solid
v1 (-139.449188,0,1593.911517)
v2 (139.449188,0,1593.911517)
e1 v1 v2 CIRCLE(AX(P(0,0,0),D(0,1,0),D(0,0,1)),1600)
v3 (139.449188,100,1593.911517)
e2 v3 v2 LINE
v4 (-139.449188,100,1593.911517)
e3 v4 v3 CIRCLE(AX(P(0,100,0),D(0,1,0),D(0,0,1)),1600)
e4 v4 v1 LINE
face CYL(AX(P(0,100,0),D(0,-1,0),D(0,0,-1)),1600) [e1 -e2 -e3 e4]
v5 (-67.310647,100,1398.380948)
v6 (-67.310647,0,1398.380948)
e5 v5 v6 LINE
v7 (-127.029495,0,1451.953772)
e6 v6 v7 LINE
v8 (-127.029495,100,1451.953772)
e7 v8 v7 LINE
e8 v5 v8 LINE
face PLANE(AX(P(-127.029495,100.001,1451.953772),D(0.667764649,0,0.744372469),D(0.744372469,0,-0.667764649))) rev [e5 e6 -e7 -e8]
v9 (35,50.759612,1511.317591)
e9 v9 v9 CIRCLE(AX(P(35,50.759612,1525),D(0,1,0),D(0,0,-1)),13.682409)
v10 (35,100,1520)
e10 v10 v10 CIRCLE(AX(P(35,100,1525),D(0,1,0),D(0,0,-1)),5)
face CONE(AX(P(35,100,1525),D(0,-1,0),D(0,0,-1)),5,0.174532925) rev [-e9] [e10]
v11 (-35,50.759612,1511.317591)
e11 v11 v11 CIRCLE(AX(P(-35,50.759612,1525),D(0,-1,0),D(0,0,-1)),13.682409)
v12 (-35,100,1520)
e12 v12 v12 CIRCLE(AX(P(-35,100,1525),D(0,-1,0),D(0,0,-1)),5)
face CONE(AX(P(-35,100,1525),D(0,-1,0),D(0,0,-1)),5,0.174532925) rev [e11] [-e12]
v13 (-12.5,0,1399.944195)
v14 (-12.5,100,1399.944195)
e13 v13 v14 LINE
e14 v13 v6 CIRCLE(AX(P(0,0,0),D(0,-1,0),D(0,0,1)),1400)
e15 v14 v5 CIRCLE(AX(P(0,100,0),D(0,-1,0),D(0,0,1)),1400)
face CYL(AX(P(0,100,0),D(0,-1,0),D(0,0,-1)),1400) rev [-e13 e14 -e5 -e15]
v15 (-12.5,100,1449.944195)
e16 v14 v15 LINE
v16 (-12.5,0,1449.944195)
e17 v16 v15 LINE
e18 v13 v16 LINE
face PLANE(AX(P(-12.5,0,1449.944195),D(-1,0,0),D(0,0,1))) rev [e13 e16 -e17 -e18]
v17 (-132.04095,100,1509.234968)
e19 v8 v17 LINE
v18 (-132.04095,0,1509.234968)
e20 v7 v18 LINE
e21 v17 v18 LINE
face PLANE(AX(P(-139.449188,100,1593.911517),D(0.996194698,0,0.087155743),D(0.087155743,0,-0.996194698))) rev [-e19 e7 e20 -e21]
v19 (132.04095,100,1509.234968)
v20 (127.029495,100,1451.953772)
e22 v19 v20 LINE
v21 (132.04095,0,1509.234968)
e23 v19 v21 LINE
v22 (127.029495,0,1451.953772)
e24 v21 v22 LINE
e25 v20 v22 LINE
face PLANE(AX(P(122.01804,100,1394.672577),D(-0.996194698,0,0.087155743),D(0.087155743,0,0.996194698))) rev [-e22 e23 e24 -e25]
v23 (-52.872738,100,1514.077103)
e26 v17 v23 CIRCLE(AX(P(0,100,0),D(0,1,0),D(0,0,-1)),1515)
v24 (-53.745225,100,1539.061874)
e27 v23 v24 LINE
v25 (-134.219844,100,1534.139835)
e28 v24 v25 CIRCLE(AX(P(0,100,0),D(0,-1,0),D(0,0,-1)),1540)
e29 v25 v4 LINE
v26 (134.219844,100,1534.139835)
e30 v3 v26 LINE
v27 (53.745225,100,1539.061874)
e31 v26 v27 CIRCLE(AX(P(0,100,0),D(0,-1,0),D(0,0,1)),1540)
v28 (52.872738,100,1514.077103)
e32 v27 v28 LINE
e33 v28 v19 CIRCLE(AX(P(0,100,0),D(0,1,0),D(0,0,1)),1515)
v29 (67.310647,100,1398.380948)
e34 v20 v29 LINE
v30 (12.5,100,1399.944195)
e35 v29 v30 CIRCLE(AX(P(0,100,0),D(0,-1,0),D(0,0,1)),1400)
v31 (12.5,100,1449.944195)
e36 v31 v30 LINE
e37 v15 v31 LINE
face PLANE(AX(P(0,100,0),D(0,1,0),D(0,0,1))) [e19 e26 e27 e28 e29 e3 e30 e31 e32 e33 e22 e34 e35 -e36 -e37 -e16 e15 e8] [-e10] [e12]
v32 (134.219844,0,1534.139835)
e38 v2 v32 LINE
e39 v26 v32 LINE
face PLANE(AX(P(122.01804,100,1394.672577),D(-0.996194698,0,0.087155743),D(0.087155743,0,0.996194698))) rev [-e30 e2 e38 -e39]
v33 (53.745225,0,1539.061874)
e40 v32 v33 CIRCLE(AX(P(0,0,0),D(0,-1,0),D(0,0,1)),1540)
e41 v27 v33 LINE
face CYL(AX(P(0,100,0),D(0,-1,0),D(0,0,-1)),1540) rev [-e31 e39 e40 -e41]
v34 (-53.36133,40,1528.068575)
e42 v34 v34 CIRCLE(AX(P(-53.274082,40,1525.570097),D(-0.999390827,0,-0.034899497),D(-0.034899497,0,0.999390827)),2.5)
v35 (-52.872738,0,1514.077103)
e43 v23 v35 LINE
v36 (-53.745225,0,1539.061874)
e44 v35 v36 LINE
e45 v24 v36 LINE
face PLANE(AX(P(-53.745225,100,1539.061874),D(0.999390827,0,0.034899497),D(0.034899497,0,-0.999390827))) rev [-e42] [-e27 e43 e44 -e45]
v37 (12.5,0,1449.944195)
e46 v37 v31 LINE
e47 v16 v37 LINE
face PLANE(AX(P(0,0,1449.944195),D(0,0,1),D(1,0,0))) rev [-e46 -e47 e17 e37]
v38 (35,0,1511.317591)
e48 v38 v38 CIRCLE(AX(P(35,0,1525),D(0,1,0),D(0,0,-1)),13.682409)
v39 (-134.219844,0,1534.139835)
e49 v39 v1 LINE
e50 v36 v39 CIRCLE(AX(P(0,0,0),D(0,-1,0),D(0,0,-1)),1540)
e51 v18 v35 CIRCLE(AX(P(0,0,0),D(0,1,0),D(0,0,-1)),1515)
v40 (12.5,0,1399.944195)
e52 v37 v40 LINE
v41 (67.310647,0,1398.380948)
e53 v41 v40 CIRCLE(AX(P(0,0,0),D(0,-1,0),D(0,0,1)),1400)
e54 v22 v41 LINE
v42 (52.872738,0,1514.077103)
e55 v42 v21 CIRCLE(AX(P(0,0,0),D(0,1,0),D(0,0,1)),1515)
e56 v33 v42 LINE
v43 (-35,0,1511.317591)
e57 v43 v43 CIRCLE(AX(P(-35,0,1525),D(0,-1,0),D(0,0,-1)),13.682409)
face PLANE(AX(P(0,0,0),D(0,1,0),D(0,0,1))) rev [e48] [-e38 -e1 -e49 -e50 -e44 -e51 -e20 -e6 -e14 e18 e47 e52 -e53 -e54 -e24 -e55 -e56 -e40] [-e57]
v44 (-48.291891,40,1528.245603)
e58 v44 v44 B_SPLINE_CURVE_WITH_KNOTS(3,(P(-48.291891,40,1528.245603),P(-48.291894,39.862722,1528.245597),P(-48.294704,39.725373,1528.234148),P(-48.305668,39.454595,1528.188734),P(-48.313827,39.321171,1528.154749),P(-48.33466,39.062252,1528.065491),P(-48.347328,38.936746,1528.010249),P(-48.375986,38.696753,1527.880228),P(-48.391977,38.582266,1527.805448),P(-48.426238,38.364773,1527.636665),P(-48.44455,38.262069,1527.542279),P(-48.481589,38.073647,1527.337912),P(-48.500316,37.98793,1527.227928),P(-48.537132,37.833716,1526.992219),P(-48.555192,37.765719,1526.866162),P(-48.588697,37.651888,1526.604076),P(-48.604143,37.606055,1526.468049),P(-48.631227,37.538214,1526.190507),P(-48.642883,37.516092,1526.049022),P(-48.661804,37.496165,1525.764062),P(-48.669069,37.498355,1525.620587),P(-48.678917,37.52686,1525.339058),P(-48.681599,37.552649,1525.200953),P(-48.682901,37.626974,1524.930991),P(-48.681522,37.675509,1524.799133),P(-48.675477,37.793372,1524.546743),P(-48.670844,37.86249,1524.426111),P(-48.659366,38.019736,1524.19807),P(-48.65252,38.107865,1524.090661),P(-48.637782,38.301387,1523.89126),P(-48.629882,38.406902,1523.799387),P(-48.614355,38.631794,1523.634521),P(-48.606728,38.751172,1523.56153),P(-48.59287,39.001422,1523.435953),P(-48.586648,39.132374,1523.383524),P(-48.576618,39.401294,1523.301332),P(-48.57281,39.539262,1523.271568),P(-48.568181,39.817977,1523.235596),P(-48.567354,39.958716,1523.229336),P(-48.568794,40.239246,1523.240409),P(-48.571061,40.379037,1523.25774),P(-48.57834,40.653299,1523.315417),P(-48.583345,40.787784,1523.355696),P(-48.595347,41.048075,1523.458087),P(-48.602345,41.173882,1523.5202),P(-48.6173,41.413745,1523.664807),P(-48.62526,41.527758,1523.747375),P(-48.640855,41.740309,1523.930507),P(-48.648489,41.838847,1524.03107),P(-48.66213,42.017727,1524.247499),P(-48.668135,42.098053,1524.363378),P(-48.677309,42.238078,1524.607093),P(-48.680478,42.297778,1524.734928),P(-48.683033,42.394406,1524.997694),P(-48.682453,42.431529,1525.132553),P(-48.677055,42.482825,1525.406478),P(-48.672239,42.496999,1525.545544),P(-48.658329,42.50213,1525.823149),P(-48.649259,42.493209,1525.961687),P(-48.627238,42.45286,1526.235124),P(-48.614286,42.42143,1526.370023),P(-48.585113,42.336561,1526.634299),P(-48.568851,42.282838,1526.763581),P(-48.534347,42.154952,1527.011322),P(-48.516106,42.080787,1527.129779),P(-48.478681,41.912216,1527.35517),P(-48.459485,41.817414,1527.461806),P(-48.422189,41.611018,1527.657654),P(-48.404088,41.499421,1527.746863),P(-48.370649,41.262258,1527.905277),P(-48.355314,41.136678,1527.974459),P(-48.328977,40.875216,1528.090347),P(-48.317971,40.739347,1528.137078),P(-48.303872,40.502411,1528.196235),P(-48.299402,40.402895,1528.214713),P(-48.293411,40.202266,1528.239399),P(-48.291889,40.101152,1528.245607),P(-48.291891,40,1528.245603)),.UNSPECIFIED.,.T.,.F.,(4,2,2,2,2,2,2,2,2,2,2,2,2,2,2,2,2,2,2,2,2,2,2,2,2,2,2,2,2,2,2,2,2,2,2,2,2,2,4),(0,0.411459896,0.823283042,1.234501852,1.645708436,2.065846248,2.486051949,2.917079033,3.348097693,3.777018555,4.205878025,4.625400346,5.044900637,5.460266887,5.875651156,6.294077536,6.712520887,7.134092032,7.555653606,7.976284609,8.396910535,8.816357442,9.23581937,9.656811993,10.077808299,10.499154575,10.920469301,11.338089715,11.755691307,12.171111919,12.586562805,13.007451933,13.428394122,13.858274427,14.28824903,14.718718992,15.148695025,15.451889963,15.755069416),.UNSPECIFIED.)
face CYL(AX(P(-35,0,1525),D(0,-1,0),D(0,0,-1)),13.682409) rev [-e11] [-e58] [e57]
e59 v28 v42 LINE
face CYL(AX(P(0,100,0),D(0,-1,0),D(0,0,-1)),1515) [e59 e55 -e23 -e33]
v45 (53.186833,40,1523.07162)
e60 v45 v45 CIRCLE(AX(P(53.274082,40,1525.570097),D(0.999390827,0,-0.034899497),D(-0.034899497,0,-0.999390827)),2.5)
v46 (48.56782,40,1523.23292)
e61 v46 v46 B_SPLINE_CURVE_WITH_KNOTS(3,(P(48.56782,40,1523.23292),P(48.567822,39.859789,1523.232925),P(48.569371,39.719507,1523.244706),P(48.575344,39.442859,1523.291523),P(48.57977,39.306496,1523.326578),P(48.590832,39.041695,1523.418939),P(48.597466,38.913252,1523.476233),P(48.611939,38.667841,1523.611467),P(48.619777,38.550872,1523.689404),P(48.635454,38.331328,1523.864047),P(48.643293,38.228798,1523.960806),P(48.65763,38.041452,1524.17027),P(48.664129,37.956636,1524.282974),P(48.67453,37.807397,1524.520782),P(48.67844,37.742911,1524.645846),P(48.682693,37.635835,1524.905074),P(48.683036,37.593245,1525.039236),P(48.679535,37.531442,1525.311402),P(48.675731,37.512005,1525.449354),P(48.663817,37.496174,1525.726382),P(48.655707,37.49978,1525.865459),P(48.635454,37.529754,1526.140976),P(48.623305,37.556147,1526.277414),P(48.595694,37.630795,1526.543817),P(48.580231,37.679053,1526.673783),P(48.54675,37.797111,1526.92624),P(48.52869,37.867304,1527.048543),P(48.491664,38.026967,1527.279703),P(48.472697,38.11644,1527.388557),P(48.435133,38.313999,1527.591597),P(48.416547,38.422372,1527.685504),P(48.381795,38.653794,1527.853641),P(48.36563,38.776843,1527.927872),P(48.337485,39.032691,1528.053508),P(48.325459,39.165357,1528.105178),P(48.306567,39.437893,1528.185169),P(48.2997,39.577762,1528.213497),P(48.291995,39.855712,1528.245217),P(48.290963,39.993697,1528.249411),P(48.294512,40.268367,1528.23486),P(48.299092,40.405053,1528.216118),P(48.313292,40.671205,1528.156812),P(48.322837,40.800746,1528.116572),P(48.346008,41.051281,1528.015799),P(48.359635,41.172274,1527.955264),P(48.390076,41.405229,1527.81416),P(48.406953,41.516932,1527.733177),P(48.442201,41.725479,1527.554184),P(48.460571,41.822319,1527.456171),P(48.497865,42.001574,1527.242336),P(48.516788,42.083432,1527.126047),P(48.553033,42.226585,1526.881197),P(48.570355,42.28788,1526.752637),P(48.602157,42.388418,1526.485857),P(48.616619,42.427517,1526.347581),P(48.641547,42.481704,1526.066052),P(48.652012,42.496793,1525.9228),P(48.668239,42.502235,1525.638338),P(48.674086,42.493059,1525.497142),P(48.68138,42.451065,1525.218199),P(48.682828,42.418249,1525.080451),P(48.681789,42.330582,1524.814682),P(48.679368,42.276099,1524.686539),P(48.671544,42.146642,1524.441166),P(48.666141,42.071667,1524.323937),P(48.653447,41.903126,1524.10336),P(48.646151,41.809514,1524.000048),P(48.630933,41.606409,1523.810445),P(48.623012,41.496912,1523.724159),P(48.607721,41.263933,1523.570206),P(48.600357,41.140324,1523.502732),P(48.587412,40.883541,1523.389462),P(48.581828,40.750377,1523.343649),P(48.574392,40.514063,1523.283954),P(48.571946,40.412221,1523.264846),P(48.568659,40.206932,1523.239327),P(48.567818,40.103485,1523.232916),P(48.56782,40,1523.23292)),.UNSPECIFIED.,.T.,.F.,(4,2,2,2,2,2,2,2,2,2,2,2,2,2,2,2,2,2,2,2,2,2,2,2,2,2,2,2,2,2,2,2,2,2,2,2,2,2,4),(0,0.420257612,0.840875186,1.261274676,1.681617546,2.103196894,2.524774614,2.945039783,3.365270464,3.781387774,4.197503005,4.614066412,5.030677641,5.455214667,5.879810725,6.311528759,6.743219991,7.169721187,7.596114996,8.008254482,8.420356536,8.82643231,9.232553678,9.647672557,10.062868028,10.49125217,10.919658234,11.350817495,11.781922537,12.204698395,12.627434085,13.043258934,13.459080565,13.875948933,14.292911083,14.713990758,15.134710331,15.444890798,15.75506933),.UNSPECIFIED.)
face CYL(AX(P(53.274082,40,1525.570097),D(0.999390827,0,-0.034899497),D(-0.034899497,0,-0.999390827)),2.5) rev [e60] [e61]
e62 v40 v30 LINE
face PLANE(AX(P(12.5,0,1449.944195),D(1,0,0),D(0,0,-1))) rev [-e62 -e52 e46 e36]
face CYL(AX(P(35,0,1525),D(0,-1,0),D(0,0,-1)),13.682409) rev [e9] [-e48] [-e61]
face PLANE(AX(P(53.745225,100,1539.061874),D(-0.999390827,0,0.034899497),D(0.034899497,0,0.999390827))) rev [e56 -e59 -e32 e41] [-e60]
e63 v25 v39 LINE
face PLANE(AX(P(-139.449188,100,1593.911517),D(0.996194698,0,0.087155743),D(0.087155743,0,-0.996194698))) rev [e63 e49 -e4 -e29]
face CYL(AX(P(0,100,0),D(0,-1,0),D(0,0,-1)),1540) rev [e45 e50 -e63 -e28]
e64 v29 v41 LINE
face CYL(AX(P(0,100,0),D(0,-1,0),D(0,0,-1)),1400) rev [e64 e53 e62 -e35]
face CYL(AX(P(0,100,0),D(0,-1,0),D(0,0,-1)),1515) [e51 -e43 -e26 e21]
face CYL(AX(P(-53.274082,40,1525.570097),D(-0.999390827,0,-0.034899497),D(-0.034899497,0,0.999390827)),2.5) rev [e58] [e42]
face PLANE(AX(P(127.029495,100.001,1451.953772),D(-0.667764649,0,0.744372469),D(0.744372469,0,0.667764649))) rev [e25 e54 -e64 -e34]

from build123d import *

# Parameters (mm, degrees)
EXTRUDE_1_DEPTH         = 100
CUT_EXTRUDE_2_DEPTH     = 1610.175588972
CUT_EXTRUDE_7_DEPTH     = 1610.175588972
HOLE_WIZARD_M6_1_REACH  = 1611.176
HOLE_WIZARD_M6_1_BORE_R = 2.5
CUT_EXTRUDE_8_REACH     = 1611.176


with BuildPart() as part:
    # 草图3 → 凸台-拉伸1 (new body)
    with BuildSketch(Plane(origin=(0, 0, 0), x_dir=(1, 0, 0), z_dir=(0, 1, 0))):
        with BuildLine():
            Line((-139.449188396, -1593.911516947), (-122.018039847, -1394.672577328))
            ThreePointArc((-122.018039847, -1394.672577328), (0, -1400), (122.018039847, -1394.672577328))
            Line((122.018039847, -1394.672577328), (139.449188396, -1593.911516947))
            ThreePointArc((139.449188396, -1593.911516947), (0, -1600), (-139.449188396, -1593.911516947))
        make_face()
    extrude(amount=EXTRUDE_1_DEPTH)

    # 草图6 → 切除-拉伸2 (cut, through all)
    with BuildSketch(Plane(origin=(0, 100, 0), x_dir=(1, 0, 0), z_dir=(0, 1, 0))):
        Polygon((-12.5, -1399.944195316), (12.5, -1399.944195316), (12.5, -1449.944195316), (0, -1449.944195316), (-12.5, -1449.944195316), align=None)
    extrude(amount=-CUT_EXTRUDE_2_DEPTH, mode=Mode.SUBTRACT)

    # 草图8 → 切除-旋转1 (revolve, cut)
    with BuildSketch(Plane(origin=(-35, 0, 0), x_dir=(0, 0, -1), z_dir=(1, 0, 0)), mode=Mode.PRIVATE) as cut_revolve_1_sk:
        Polygon((-1525, 100), (-1530, 100), (-1538.682408883, 50.759612349), (-1538.682408883, 0), (-1525, 0), align=None)
    cut_revolve_1 = revolve(cut_revolve_1_sk.sketch.rotate(Axis((-35, 0, 1525), (0, 1, 0)), 180), axis=Axis((-35, 0, 1525), (0, 1, 0)), mode=Mode.SUBTRACT)

    # 镜向1: 切除-旋转1 across plane
    add(cut_revolve_1.mirror(Plane.ZY), mode=Mode.SUBTRACT)

    # 草图10 → 切除-拉伸7 (cut, through all)
    with BuildSketch(Plane.XZ):
        with BuildLine():
            Line((-134.219843831, 1534.139835061), (-132.040950263, 1509.234967609))
            ThreePointArc((-132.040950263, 1509.234967609), (-92.488537395, 1512.174219609), (-52.872737504, 1514.077102934))
            Line((-52.872737504, 1514.077102934), (-53.745224922, 1539.061873609))
            ThreePointArc((-53.745224922, 1539.061873609), (-94.014750884, 1537.12758957), (-134.219843831, 1534.139835061))
        make_face()
        with BuildLine():
            Line((53.745224922, 1539.061873609), (52.872737504, 1514.077102934))
            ThreePointArc((52.872737504, 1514.077102934), (92.488537395, 1512.174219609), (132.040950263, 1509.234967609))
            Line((132.040950263, 1509.234967609), (134.219843831, 1534.139835061))
            ThreePointArc((134.219843831, 1534.139835061), (94.014750884, 1537.12758957), (53.745224922, 1539.061873609))
        make_face()
    extrude(amount=-CUT_EXTRUDE_7_DEPTH, mode=Mode.SUBTRACT)

    # M6 螺纹孔的螺纹孔钻头1 bore → M6 螺纹孔的螺纹孔钻头1 (cut, up to next)
    with BuildSketch(Plane(origin=(0, 0, 0), x_dir=(-0.0348994967024942, 0, 0.999390827019096), z_dir=(-0.999390827019096, 0, -0.0348994967024942)), mode=Mode.PRIVATE) as hole_wizard_m6_1_sk1:
        with Locations((1526.5, 40)):
            Circle(HOLE_WIZARD_M6_1_BORE_R)
    hole_wizard_m6_1_tool1 = extrude(hole_wizard_m6_1_sk1.sketch, amount=-HOLE_WIZARD_M6_1_REACH, mode=Mode.PRIVATE) & part.part
    hole_wizard_m6_1 = hole_wizard_m6_1_tool1.solids().sort_by_distance((-53.274082, 40, 1525.570097))[0]
    add(hole_wizard_m6_1, mode=Mode.SUBTRACT)

    # 镜向2: M6 螺纹孔的螺纹孔钻头1 across plane
    add(hole_wizard_m6_1.mirror(Plane.ZY), mode=Mode.SUBTRACT)

    # 草图14 → 切除-拉伸8 (cut, up to next)
    with BuildSketch(Plane.XZ, mode=Mode.PRIVATE) as cut_extrude_8_sk1:
        with BuildLine():
            Line((127.029495055, 1451.953772469), (67.310647375, 1398.380948365))
            ThreePointArc((67.310647375, 1398.380948365), (94.682500787, 1396.794624862), (122.018039847, 1394.672577328))
            Line((122.018039847, 1394.672577328), (127.029495055, 1451.953772469))
        make_face()
    cut_extrude_8_tool1 = extrude(cut_extrude_8_sk1.sketch, amount=-CUT_EXTRUDE_8_REACH, mode=Mode.PRIVATE) & part.part
    # 草图14 → 切除-拉伸8 (cut, up to next)
    with BuildSketch(Plane.XZ, mode=Mode.PRIVATE) as cut_extrude_8_sk2:
        with BuildLine():
            Line((-127.029495055, 1451.953772469), (-122.018039847, 1394.672577328))
            ThreePointArc((-122.018039847, 1394.672577328), (-94.682500787, 1396.794624862), (-67.310647375, 1398.380948365))
            Line((-67.310647375, 1398.380948365), (-127.029495055, 1451.953772469))
        make_face()
    cut_extrude_8_tool2 = extrude(cut_extrude_8_sk2.sketch, amount=-CUT_EXTRUDE_8_REACH, mode=Mode.PRIVATE) & part.part
    add(cut_extrude_8_tool1.solids().sort_by_distance((105.520281, 0, 1415.117528))[0], mode=Mode.SUBTRACT)
    add(cut_extrude_8_tool2.solids().sort_by_distance((-105.520281, 0, 1415.117528))[0], mode=Mode.SUBTRACT)


solid = part.part
